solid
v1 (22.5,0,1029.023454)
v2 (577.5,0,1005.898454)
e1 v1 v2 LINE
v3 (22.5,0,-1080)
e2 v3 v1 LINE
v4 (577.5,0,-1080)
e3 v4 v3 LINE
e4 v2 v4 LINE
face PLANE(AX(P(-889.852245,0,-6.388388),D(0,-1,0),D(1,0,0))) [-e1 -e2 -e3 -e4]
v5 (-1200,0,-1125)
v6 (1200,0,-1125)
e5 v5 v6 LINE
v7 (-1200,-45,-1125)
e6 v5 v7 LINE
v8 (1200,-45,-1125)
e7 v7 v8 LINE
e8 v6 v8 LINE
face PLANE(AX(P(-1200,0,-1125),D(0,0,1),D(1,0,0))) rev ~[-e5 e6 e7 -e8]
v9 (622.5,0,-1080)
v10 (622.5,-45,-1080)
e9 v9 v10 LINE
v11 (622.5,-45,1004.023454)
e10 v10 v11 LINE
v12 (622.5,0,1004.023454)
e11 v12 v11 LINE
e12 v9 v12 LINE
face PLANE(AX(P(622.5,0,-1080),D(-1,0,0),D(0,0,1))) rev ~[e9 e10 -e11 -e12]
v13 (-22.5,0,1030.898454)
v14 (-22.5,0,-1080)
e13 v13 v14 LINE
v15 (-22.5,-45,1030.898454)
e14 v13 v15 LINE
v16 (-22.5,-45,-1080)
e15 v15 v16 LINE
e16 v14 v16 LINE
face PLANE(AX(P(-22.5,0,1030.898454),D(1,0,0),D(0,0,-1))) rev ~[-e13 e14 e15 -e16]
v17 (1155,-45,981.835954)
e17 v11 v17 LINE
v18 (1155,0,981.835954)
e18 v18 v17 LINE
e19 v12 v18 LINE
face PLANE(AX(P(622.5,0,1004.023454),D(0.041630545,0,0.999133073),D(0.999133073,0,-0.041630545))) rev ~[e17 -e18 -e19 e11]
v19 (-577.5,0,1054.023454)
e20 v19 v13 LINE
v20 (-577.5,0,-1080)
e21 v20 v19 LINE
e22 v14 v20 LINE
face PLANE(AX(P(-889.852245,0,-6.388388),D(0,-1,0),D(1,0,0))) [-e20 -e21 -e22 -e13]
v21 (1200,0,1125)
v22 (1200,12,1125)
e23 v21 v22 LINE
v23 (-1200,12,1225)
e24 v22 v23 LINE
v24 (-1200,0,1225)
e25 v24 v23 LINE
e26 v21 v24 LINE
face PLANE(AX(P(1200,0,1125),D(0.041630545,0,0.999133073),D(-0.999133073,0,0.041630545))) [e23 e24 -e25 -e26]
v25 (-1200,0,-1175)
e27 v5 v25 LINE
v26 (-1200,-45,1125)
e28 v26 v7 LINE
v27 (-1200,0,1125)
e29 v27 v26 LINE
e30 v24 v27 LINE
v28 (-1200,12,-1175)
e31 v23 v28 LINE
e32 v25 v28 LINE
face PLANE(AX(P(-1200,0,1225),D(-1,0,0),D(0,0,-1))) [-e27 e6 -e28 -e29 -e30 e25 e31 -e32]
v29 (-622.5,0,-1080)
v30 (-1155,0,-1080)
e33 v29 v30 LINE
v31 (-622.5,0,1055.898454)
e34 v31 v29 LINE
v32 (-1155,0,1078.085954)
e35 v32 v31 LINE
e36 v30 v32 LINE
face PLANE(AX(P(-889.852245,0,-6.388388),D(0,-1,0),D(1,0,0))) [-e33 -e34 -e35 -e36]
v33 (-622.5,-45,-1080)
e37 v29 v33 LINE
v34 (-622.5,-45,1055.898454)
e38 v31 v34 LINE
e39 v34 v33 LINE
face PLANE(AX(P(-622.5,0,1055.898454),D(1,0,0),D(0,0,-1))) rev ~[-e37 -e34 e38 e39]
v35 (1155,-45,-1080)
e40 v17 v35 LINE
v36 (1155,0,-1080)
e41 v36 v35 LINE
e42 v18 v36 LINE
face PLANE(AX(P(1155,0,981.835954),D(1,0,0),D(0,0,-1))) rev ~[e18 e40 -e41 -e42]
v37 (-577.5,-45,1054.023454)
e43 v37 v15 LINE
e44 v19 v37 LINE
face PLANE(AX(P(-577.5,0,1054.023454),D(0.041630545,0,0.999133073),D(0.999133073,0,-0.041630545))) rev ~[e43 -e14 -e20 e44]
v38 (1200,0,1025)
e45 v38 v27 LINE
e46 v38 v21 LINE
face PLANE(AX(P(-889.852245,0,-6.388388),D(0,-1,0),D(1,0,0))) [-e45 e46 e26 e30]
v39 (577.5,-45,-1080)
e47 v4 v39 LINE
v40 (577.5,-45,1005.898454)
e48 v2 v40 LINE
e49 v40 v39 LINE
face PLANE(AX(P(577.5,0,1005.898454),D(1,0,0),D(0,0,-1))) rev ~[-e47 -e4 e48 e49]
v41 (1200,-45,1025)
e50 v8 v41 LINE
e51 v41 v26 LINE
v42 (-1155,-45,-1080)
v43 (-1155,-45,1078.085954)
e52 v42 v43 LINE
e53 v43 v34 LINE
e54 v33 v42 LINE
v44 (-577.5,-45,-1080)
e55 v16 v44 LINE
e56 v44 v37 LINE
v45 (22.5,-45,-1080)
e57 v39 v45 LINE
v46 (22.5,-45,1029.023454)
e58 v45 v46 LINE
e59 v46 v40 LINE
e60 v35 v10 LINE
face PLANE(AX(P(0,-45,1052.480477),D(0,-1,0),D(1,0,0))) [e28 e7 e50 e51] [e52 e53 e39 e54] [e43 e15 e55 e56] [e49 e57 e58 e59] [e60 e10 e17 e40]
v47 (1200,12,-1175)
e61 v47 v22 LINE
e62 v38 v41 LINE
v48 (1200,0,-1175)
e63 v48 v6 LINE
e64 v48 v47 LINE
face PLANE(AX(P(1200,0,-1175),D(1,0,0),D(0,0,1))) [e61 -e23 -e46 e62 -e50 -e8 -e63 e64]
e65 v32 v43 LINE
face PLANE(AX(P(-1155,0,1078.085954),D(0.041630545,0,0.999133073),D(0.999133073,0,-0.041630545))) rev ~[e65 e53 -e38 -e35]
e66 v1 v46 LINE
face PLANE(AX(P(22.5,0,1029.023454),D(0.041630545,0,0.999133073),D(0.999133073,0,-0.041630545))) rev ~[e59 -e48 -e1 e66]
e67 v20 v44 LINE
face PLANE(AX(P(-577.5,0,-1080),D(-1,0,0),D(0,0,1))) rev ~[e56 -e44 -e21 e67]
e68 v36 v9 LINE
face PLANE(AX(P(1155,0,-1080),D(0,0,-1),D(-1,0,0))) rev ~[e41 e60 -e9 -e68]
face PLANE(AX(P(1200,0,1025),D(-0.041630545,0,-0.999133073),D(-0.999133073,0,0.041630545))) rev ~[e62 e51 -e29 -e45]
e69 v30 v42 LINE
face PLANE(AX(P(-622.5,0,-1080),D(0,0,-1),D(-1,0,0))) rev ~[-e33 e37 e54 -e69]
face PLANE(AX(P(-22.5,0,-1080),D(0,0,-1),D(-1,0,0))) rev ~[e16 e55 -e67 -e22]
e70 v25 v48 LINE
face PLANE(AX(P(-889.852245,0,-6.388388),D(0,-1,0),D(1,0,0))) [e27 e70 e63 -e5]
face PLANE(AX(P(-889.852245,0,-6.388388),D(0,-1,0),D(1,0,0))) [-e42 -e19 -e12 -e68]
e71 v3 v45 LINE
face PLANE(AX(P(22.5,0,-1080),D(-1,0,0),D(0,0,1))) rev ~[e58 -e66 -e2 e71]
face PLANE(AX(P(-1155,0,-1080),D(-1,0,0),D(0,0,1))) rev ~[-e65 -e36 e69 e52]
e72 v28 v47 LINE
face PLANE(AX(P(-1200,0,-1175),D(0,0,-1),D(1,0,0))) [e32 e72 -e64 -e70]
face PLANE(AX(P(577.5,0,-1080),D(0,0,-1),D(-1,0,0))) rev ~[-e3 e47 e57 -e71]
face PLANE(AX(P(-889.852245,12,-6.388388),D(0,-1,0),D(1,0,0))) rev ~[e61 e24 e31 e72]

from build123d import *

# Parameters (mm, degrees)
F1_DEPTH = 45
F0_W     = 2400
F0_H     = 50
F2_DEPTH = 12


with BuildPart() as f1:
    # F0 (on Front) → F1 (new body)
    with BuildSketch(Plane.XZ):
        Polygon((1155, 981.835954), (1200, 979.960954), (1200, 1025), (-1200, 1125), (-1200, 1079.960954), (-1155, 1078.085954), (-622.5, 1055.898454), (-577.5, 1054.023454), (-22.5, 1030.898454), (22.5, 1029.023454), (577.5, 1005.898454), (622.5, 1004.023454), align=None)
        Polygon((-1200, 1079.960954), (-1200, -1080), (-1155, -1080), (-1155, 1078.085954), align=None)
        Polygon((-622.5, 1055.898454), (-622.5, -1080), (-577.5, -1080), (-577.5, 1054.023454), align=None)
        Polygon((-22.5, -1080), (22.5, -1080), (22.5, 1029.023454), (-22.5, 1030.898454), align=None)
        Polygon((577.5, -1080), (622.5, -1080), (622.5, 1004.023454), (577.5, 1005.898454), align=None)
        Polygon((1155, -1080), (1200, -1080), (1200, 979.960954), (1155, 981.835954), align=None)
        Polygon((-1200, -1125), (1200, -1125), (1200, -1080), (1155, -1080), (622.5, -1080), (577.5, -1080), (22.5, -1080), (-22.5, -1080), (-577.5, -1080), (-622.5, -1080), (-1155, -1080), (-1200, -1080), align=None)
    extrude(amount=F1_DEPTH)

    # F0 (on Front) → F2 (join)
    with BuildSketch(Plane.XZ):
        Polygon((-1155, 1078.085954), (-1155, -1080), (-622.5, -1080), (-622.5, 1055.898454), align=None)
        Polygon((-577.5, 1054.023454), (-577.5, -1080), (-22.5, -1080), (-22.5, 1030.898454), align=None)
        Polygon((22.5, -1080), (577.5, -1080), (577.5, 1005.898454), (22.5, 1029.023454), align=None)
        Polygon((622.5, -1080), (1155, -1080), (1155, 981.835954), (622.5, 1004.023454), align=None)
        Polygon((-1200, 1125), (1200, 1025), (1200, 1125), (-1200, 1225), align=None)
        Polygon((1155, 981.835954), (1200, 979.960954), (1200, 1025), (-1200, 1125), (-1200, 1079.960954), (-1155, 1078.085954), (-622.5, 1055.898454), (-577.5, 1054.023454), (-22.5, 1030.898454), (22.5, 1029.023454), (577.5, 1005.898454), (622.5, 1004.023454), align=None)
        Polygon((-1200, 1079.960954), (-1200, -1080), (-1155, -1080), (-1155, 1078.085954), align=None)
        Polygon((-622.5, 1055.898454), (-622.5, -1080), (-577.5, -1080), (-577.5, 1054.023454), align=None)
        Polygon((-22.5, -1080), (22.5, -1080), (22.5, 1029.023454), (-22.5, 1030.898454), align=None)
        Polygon((577.5, -1080), (622.5, -1080), (622.5, 1004.023454), (577.5, 1005.898454), align=None)
        Polygon((1155, -1080), (1200, -1080), (1200, 979.960954), (1155, 981.835954), align=None)
        Polygon((-1200, -1125), (1200, -1125), (1200, -1080), (1155, -1080), (622.5, -1080), (577.5, -1080), (22.5, -1080), (-22.5, -1080), (-577.5, -1080), (-622.5, -1080), (-1155, -1080), (-1200, -1080), align=None)
        with Locations((0, -1150)):
            Rectangle(F0_W, F0_H)
    extrude(amount=-F2_DEPTH)


solid = f1.part
